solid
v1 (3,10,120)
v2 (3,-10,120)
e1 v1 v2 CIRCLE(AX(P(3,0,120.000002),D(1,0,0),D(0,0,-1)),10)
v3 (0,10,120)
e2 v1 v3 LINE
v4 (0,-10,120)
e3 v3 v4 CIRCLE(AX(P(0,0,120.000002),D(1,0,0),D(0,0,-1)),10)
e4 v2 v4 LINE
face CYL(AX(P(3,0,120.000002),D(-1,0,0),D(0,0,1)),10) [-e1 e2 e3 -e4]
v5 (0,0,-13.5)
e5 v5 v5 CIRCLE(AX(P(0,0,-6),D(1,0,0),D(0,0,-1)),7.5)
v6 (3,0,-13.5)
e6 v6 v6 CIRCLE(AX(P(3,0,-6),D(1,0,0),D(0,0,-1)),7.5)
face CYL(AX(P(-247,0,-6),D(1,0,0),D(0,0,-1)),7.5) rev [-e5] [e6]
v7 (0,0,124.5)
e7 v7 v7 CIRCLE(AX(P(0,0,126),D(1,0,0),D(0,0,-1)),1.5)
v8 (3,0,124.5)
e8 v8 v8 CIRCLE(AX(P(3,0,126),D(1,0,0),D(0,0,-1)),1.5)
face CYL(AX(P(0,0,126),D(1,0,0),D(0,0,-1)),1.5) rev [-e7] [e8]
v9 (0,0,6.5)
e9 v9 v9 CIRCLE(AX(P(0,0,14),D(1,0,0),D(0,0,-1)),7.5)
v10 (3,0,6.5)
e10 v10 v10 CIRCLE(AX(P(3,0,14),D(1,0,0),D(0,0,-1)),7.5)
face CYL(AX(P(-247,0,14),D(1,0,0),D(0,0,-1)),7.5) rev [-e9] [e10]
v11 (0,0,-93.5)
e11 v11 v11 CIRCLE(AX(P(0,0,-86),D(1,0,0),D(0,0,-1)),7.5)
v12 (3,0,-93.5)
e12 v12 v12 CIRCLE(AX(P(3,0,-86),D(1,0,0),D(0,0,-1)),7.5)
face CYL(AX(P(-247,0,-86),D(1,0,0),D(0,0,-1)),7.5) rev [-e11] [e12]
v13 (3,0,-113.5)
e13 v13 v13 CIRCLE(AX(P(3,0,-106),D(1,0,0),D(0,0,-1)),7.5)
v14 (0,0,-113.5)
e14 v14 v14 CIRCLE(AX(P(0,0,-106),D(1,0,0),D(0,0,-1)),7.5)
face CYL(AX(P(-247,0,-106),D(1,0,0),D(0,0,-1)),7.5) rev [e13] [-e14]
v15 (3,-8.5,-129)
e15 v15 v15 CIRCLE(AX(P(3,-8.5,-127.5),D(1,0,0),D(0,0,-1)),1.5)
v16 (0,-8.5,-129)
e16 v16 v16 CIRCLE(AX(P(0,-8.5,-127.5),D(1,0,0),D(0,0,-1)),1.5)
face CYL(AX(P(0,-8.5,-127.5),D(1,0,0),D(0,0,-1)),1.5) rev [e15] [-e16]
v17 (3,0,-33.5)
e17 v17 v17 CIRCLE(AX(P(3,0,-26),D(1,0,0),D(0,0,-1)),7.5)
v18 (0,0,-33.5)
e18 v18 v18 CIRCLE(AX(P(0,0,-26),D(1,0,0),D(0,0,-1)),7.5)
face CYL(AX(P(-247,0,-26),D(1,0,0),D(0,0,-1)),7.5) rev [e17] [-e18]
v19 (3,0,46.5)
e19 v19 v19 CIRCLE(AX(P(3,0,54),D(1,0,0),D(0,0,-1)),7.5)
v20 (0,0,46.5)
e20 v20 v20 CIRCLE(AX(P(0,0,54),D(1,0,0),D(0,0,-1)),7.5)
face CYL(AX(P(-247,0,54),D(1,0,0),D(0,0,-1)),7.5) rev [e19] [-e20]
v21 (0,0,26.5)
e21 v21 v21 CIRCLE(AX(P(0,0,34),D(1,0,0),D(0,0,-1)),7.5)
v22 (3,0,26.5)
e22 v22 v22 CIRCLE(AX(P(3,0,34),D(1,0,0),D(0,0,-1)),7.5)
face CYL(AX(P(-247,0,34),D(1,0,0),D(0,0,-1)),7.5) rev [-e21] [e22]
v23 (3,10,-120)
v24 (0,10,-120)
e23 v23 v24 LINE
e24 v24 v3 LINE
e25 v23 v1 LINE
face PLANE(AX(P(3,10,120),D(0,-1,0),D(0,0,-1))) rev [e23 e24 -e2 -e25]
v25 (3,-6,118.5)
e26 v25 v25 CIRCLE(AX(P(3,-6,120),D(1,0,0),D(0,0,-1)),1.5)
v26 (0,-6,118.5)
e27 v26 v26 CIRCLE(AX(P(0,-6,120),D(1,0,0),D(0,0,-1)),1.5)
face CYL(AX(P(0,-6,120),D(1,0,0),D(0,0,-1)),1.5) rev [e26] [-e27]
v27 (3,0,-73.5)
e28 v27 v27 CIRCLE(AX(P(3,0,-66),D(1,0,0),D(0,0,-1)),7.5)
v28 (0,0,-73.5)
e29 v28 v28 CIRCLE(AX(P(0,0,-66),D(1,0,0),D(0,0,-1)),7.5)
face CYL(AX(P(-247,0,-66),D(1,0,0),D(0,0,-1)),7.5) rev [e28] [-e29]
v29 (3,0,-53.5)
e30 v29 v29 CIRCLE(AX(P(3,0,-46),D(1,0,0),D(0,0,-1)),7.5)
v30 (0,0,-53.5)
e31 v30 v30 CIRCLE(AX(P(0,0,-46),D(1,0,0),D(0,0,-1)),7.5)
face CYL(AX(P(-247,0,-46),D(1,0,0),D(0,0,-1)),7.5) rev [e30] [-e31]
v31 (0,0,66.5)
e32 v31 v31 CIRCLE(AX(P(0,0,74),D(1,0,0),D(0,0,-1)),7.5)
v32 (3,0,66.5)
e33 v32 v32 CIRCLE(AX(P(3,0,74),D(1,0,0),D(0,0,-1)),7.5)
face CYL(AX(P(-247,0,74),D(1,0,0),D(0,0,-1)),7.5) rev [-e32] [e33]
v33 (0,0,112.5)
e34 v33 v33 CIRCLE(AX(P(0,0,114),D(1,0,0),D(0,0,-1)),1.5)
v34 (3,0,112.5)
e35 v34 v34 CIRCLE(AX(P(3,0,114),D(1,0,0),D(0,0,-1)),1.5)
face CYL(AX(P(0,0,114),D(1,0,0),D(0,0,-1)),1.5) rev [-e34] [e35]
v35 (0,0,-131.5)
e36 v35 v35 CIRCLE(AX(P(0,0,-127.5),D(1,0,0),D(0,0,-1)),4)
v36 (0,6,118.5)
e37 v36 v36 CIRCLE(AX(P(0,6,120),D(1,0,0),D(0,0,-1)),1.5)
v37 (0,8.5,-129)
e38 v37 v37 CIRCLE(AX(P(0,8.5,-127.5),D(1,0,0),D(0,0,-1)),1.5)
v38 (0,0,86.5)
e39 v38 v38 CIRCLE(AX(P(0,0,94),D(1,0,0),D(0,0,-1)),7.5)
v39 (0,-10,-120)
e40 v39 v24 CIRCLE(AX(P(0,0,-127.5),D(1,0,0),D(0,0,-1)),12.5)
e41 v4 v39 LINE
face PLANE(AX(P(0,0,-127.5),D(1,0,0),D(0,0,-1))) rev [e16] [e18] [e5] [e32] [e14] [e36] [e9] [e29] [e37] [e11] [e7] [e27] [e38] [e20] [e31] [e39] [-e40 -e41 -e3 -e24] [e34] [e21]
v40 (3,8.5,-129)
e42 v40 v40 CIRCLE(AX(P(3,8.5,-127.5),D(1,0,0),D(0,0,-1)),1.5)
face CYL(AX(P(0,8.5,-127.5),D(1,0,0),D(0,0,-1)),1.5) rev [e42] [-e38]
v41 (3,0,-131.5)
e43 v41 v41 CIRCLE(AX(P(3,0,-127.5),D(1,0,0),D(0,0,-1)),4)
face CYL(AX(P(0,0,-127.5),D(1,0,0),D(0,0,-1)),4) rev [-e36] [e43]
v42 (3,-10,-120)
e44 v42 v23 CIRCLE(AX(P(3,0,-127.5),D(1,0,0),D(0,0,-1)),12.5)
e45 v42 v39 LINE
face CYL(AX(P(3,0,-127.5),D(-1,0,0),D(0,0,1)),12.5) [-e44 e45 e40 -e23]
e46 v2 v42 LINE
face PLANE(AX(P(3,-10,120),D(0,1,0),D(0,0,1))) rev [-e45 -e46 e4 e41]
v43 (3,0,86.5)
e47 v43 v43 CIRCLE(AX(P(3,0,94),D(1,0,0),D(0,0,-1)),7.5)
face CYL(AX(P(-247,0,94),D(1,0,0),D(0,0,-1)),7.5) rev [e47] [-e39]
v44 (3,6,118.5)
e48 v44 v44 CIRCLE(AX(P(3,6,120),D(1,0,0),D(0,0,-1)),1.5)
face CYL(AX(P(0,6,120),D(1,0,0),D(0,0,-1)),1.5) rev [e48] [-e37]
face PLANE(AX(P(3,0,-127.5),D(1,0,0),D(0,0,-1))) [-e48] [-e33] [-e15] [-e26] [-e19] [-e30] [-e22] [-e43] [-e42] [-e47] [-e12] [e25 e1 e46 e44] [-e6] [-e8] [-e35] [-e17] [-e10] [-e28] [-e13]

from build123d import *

# Parameters (mm, degrees)
EXTRUDE_1_DEPTH     = 3
SKETCH_2_R          = 1.5
SKETCH_2_R_2        = 4
CUT_EXTRUDE_1_DEPTH = 3
SKETCH_4_R          = 7.5
CUT_EXTRUDE_2_DEPTH = 250


with BuildPart() as part:
    # 草图1 → 凸台-拉伸1 (new body)
    with BuildSketch(Plane(origin=(0, 0, 0), x_dir=(0, 0, -1), z_dir=(1, 0, 0))):
        with BuildLine():
            Line((-120, 10), (120, 10))
            ThreePointArc((120, 10), (140, 0), (120, -10))
            Line((120, -10), (-120, -10))
            ThreePointArc((-120, -10), (-130.000001885, 0), (-120, 10))
        make_face()
    extrude(amount=EXTRUDE_1_DEPTH)

    # 草图2 → 切除-拉伸1 (cut)
    with BuildSketch(Plane(origin=(3, 0, 0), x_dir=(0, 0, -1), z_dir=(1, 0, 0))):
        with Locations((-120, 6)):
            Circle(SKETCH_2_R)
        with Locations((-114, 0)):
            Circle(SKETCH_2_R)
        with Locations((-120, -6)):
            Circle(SKETCH_2_R)
        with Locations((-126, 0)):
            Circle(SKETCH_2_R)
        with Locations((127.5, 8.5)):
            Circle(SKETCH_2_R)
        with Locations((127.5, -8.5)):
            Circle(SKETCH_2_R)
        with Locations((127.5, 0)):
            Circle(SKETCH_2_R_2)
    extrude(amount=-CUT_EXTRUDE_1_DEPTH, mode=Mode.SUBTRACT)

    # 草图4 → 切除-拉伸2 (cut)
    with BuildSketch(Plane(origin=(3, 0, 0), x_dir=(0, 0, -1), z_dir=(1, 0, 0))):
        with Locations((-94, 0)):
            Circle(SKETCH_4_R)
        with Locations((-74, 0)):
            Circle(SKETCH_4_R)
        with Locations((-54, 0)):
            Circle(SKETCH_4_R)
        with Locations((-34, 0)):
            Circle(SKETCH_4_R)
        with Locations((-14, 0)):
            Circle(SKETCH_4_R)
        with Locations((6, 0)):
            Circle(SKETCH_4_R)
        with Locations((26, 0)):
            Circle(SKETCH_4_R)
        with Locations((46, 0)):
            Circle(SKETCH_4_R)
        with Locations((66, 0)):
            Circle(SKETCH_4_R)
        with Locations((86, 0)):
            Circle(SKETCH_4_R)
        with Locations((106, 0)):
            Circle(SKETCH_4_R)
    extrude(amount=-CUT_EXTRUDE_2_DEPTH, mode=Mode.SUBTRACT)


solid = part.part
